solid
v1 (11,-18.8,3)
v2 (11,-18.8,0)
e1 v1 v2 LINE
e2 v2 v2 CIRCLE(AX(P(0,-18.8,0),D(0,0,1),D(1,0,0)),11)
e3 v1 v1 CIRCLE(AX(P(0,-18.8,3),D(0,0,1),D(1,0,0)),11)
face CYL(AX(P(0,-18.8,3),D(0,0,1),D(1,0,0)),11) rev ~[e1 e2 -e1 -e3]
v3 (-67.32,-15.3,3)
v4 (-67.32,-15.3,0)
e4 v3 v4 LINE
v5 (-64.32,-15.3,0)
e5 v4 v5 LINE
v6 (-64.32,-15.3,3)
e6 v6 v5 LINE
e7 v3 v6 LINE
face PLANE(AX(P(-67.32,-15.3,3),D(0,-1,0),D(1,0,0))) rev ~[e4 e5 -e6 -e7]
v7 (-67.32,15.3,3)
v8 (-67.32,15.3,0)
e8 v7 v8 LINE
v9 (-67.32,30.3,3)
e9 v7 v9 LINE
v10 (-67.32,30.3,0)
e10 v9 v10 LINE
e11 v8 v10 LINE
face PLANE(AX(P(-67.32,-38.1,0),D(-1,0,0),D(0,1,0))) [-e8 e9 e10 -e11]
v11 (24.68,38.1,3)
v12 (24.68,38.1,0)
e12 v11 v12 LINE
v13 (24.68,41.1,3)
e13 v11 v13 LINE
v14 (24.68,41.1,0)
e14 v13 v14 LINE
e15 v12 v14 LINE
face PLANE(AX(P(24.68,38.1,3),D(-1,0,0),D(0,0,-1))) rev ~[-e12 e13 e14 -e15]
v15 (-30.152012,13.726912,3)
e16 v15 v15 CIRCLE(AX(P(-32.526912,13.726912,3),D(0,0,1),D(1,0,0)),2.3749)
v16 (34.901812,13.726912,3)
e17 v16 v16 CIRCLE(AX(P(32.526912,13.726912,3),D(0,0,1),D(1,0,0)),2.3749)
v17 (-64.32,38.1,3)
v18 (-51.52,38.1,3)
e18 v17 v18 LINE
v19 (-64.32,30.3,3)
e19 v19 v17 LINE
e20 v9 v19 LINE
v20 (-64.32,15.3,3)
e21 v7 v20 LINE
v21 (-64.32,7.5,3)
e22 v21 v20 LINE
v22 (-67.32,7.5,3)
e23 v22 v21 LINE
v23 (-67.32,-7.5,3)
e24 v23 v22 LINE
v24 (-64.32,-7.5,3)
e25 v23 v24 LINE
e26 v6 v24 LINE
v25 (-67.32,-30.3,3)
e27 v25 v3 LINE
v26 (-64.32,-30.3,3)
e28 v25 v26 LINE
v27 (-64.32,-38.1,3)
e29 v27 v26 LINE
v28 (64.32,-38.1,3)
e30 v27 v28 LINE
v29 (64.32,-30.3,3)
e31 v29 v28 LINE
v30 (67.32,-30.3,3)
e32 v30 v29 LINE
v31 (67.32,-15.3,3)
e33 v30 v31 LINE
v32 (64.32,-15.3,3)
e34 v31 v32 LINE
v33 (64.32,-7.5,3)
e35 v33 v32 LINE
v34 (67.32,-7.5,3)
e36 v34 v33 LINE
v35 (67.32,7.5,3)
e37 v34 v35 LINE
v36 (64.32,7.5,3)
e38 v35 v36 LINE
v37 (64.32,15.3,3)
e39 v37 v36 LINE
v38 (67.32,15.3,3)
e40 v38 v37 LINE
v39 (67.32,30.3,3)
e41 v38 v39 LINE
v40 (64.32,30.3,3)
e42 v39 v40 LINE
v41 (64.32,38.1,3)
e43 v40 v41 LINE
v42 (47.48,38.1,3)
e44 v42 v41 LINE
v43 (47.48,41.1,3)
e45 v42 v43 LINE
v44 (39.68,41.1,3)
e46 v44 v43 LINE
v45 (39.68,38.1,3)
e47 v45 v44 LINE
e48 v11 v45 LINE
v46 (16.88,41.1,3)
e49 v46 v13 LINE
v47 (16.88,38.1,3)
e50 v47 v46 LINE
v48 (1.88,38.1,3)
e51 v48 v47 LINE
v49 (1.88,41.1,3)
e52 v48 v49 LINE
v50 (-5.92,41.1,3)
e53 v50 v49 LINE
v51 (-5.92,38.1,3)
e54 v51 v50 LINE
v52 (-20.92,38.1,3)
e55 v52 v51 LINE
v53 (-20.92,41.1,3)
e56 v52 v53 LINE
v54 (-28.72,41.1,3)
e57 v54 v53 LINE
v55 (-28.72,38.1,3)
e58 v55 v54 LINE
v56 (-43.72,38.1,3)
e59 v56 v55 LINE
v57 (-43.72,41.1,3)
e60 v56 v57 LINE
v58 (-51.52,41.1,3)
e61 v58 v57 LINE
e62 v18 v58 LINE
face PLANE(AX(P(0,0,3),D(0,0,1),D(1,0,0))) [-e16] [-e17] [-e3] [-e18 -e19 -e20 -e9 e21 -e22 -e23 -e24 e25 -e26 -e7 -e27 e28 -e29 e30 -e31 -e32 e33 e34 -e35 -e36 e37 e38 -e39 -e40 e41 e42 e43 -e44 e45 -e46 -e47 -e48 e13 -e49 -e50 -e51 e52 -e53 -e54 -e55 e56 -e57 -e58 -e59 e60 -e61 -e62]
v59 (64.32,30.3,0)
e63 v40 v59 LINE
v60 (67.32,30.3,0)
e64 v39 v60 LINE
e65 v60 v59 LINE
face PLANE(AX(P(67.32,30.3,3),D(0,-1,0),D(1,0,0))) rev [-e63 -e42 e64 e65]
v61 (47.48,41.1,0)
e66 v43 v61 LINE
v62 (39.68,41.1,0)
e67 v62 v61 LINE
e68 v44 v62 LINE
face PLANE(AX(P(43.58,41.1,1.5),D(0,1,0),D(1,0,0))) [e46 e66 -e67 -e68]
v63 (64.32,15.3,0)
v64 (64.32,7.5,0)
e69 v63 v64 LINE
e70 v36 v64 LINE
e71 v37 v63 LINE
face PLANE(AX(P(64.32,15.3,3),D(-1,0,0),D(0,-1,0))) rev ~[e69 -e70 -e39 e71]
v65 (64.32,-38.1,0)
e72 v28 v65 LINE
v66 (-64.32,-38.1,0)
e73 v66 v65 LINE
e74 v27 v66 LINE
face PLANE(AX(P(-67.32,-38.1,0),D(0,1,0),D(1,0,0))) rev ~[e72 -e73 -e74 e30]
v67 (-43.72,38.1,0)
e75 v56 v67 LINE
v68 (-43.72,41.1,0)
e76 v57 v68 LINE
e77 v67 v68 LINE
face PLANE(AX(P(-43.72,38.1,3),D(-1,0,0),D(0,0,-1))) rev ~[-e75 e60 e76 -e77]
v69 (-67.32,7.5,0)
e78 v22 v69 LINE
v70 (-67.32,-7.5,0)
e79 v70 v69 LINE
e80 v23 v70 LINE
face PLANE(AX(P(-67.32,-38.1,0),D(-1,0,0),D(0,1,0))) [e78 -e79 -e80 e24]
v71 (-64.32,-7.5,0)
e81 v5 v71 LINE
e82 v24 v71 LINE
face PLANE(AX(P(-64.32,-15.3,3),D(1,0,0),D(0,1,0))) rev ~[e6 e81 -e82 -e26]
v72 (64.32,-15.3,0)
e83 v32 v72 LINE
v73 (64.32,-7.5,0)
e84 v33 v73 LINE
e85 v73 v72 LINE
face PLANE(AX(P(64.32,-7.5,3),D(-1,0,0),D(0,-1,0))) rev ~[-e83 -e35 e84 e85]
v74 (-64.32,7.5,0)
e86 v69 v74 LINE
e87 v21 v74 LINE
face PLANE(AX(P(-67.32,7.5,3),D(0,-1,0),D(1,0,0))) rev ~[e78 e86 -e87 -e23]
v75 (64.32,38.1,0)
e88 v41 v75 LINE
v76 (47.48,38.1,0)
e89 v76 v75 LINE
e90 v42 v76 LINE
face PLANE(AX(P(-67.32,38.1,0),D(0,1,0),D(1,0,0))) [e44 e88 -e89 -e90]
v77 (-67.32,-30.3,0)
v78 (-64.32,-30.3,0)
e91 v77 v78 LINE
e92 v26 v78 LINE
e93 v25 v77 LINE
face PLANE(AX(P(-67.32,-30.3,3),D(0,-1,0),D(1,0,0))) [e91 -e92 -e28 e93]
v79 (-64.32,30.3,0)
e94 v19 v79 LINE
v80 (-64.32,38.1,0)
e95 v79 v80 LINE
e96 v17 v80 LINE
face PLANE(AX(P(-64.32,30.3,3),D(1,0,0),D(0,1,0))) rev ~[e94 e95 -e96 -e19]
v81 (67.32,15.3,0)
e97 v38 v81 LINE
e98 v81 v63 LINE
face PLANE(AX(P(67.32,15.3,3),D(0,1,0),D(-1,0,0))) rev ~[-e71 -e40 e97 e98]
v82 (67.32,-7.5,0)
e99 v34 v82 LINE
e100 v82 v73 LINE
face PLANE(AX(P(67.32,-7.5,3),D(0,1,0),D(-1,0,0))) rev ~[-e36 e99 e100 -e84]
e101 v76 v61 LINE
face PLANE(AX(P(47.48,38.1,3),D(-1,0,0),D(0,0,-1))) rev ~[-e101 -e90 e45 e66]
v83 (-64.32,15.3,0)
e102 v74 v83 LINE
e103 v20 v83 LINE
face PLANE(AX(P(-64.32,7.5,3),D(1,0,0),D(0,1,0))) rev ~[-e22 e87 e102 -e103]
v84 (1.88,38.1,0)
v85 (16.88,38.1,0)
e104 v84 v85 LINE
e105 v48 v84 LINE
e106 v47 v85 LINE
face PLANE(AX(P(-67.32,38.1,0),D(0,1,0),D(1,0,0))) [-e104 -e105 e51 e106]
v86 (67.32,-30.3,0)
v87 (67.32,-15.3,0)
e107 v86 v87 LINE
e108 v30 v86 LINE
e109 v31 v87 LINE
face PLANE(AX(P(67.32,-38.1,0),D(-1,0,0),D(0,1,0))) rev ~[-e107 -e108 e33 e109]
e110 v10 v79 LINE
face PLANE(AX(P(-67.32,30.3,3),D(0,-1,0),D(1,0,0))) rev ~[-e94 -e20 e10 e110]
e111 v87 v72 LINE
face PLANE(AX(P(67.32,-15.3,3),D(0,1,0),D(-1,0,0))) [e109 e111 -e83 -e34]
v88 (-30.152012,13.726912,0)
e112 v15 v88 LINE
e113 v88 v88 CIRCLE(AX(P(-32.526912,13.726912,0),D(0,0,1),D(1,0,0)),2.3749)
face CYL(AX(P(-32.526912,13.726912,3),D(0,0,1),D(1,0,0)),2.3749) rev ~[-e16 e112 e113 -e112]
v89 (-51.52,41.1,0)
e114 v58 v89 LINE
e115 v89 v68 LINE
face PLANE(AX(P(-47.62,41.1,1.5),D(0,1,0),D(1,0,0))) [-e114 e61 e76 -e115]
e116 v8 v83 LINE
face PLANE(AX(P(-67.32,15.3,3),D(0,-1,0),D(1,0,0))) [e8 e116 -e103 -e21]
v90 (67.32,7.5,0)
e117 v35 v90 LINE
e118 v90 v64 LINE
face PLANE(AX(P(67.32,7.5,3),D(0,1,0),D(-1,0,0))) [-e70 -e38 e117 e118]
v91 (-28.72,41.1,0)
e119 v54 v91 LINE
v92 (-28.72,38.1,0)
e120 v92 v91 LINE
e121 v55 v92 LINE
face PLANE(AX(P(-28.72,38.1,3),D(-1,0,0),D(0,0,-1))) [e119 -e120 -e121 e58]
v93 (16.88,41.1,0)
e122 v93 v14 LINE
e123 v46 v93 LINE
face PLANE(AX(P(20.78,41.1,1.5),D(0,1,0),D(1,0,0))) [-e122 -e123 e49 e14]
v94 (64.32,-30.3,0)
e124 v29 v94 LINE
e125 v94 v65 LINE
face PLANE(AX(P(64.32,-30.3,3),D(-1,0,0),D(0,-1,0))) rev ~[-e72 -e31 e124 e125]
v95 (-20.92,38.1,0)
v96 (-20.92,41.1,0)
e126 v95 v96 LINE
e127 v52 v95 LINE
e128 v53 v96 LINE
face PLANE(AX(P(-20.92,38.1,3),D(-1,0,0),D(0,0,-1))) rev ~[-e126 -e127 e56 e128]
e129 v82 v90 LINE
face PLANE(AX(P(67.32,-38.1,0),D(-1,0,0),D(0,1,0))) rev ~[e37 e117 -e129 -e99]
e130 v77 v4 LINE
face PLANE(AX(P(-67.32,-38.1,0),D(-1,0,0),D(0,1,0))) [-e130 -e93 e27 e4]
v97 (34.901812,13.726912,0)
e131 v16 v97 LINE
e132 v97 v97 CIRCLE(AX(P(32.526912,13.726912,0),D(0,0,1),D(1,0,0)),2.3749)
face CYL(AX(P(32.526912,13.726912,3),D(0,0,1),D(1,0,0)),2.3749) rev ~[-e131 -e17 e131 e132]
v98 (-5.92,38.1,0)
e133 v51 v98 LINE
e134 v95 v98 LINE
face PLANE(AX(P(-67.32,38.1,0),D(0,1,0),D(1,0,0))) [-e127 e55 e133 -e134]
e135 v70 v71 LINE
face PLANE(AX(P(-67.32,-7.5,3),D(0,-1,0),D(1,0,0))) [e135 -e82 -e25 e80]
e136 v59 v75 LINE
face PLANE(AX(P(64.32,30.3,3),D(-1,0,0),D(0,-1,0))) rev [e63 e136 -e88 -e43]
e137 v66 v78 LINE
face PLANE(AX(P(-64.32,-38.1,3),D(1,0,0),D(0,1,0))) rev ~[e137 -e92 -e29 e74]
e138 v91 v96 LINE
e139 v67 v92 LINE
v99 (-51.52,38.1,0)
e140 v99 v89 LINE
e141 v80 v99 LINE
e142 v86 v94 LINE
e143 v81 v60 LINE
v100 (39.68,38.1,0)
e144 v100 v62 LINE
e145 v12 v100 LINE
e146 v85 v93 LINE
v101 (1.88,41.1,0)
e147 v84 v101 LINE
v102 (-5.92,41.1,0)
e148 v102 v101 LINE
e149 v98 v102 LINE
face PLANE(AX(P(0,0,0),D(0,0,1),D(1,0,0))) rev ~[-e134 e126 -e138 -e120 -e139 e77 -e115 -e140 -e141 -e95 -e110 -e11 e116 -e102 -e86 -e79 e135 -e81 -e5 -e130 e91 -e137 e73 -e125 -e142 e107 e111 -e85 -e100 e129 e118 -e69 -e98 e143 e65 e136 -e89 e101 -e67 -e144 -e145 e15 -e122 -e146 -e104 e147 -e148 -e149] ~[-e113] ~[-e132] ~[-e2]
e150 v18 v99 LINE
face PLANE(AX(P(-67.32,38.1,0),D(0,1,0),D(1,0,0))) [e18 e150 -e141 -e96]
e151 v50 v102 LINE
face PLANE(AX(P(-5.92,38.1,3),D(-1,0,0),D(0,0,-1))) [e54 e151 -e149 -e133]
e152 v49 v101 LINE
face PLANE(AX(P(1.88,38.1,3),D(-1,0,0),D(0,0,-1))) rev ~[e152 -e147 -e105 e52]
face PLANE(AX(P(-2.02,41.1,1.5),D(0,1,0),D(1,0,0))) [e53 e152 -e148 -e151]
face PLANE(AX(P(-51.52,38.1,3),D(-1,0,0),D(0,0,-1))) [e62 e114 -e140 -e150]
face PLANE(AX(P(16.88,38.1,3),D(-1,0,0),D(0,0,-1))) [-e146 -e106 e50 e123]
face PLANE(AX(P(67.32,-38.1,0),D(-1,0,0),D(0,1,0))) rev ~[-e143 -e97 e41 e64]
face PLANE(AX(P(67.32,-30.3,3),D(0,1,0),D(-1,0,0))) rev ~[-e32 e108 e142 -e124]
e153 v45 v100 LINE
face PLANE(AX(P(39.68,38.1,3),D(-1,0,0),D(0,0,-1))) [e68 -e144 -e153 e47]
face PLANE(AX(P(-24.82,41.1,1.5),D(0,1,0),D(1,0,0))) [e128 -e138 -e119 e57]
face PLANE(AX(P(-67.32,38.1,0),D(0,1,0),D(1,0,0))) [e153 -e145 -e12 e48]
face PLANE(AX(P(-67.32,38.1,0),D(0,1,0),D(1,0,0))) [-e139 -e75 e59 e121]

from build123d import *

# Parameters (mm, degrees)
SKETCH1_W               = 134.64
SKETCH1_H               = 76.2
BOSS_EXTRUDE1_DEPTH     = 3
SKETCH2_W               = 3
SKETCH2_H               = 7.8
CUT_EXTRUDE1_DEPTH      = 78.411836304
LPATTERN1_COUNT         = 4
LPATTERN1_PITCH         = 22.8
MIRROR4_COPY_1_SKETCH_W = 3
MIRROR4_COPY_1_SKETCH_H = 7.8
MIRROR4_COPY_1_DEPTH    = 78.411836304
MIRROR4_COPY_2_SKETCH_W = 3
MIRROR4_COPY_2_SKETCH_H = 7.8
MIRROR4_COPY_2_DEPTH    = 78.411836304
MIRROR4_COPY_3_SKETCH_W = 3
MIRROR4_COPY_3_SKETCH_H = 7.8
MIRROR4_COPY_3_DEPTH    = 78.411836304
SKETCH3_W               = 7.8
SKETCH3_H               = 3
BOSS_EXTRUDE2_DEPTH     = 3
LPATTERN2_COUNT         = 5
LPATTERN2_PITCH         = 22.8
SKETCH4_R               = 11
CUT_EXTRUDE2_DEPTH      = 79.931567829
SKETCH5_R               = 2.3749
CUT_EXTRUDE3_DEPTH      = 79.931567829


with BuildPart() as part:
    # Sketch1 → Boss-Extrude1 (new body)
    with BuildSketch(Plane.XY):
        Rectangle(SKETCH1_W, SKETCH1_H)
    extrude(amount=BOSS_EXTRUDE1_DEPTH)

    # Sketch2 → Cut-Extrude1 (cut, through all)
    with BuildSketch(Plane.XY.offset(3)):
        with Locations((-65.82, 34.2)):
            Rectangle(SKETCH2_W, SKETCH2_H)
    cut_extrude1 = extrude(amount=-CUT_EXTRUDE1_DEPTH, mode=Mode.SUBTRACT)

    # LPattern1: Cut-Extrude1 ×4
    with Locations(*[(0, -i * LPATTERN1_PITCH, 0) for i in range(1, LPATTERN1_COUNT)]):
        add(cut_extrude1, mode=Mode.SUBTRACT)

    # Mirror4: Cut-Extrude1 across plane
    add(cut_extrude1.mirror(Plane(origin=(0, 0, 0), x_dir=(0, 0, 1), z_dir=(1, 0, 0))), mode=Mode.SUBTRACT)

    # Mirror4 copy 1 sketch → Mirror4 copy 1 (cut, through all)
    with BuildSketch(Plane(origin=(0, -22.8, 3), x_dir=(-1, 0, 0), z_dir=(0, 0, 1))):
        with Locations((-65.82, -34.2)):
            Rectangle(MIRROR4_COPY_1_SKETCH_W, MIRROR4_COPY_1_SKETCH_H)
    extrude(amount=-MIRROR4_COPY_1_DEPTH, mode=Mode.SUBTRACT)

    # Mirror4 copy 2 sketch → Mirror4 copy 2 (cut, through all)
    with BuildSketch(Plane(origin=(0, -45.6, 3), x_dir=(-1, 0, 0), z_dir=(0, 0, 1))):
        with Locations((-65.82, -34.2)):
            Rectangle(MIRROR4_COPY_2_SKETCH_W, MIRROR4_COPY_2_SKETCH_H)
    extrude(amount=-MIRROR4_COPY_2_DEPTH, mode=Mode.SUBTRACT)

    # Mirror4 copy 3 sketch → Mirror4 copy 3 (cut, through all)
    with BuildSketch(Plane(origin=(0, -68.4, 3), x_dir=(-1, 0, 0), z_dir=(0, 0, 1))):
        with Locations((-65.82, -34.2)):
            Rectangle(MIRROR4_COPY_3_SKETCH_W, MIRROR4_COPY_3_SKETCH_H)
    extrude(amount=-MIRROR4_COPY_3_DEPTH, mode=Mode.SUBTRACT)

    # Sketch3 → Boss-Extrude2 (add)
    with BuildSketch(Plane(origin=(0, 38.1, 0), x_dir=(1, 0, 0), z_dir=(0, 1, 0))):
        with Locations((-47.62, -1.5)):
            Rectangle(SKETCH3_W, SKETCH3_H)
    boss_extrude2 = extrude(amount=BOSS_EXTRUDE2_DEPTH)

    # LPattern2: Boss-Extrude2 ×5
    with Locations(*[(i * LPATTERN2_PITCH, 0, 0) for i in range(1, LPATTERN2_COUNT)]):
        add(boss_extrude2)

    # Sketch4 → Cut-Extrude2 (cut, through all)
    with BuildSketch(Plane.XY.offset(3)):
        with Locations((0, -18.8)):
            Circle(SKETCH4_R)
    extrude(amount=-CUT_EXTRUDE2_DEPTH, mode=Mode.SUBTRACT)

    # Sketch5 → Cut-Extrude3 (cut, through all)
    with BuildSketch(Plane.XY.offset(3)):
        with Locations((32.526911935, 13.726911935)):
            Circle(SKETCH5_R)
        with Locations((-32.526911935, 13.726911935)):
            Circle(SKETCH5_R)
    extrude(amount=-CUT_EXTRUDE3_DEPTH, mode=Mode.SUBTRACT)


solid = part.part
